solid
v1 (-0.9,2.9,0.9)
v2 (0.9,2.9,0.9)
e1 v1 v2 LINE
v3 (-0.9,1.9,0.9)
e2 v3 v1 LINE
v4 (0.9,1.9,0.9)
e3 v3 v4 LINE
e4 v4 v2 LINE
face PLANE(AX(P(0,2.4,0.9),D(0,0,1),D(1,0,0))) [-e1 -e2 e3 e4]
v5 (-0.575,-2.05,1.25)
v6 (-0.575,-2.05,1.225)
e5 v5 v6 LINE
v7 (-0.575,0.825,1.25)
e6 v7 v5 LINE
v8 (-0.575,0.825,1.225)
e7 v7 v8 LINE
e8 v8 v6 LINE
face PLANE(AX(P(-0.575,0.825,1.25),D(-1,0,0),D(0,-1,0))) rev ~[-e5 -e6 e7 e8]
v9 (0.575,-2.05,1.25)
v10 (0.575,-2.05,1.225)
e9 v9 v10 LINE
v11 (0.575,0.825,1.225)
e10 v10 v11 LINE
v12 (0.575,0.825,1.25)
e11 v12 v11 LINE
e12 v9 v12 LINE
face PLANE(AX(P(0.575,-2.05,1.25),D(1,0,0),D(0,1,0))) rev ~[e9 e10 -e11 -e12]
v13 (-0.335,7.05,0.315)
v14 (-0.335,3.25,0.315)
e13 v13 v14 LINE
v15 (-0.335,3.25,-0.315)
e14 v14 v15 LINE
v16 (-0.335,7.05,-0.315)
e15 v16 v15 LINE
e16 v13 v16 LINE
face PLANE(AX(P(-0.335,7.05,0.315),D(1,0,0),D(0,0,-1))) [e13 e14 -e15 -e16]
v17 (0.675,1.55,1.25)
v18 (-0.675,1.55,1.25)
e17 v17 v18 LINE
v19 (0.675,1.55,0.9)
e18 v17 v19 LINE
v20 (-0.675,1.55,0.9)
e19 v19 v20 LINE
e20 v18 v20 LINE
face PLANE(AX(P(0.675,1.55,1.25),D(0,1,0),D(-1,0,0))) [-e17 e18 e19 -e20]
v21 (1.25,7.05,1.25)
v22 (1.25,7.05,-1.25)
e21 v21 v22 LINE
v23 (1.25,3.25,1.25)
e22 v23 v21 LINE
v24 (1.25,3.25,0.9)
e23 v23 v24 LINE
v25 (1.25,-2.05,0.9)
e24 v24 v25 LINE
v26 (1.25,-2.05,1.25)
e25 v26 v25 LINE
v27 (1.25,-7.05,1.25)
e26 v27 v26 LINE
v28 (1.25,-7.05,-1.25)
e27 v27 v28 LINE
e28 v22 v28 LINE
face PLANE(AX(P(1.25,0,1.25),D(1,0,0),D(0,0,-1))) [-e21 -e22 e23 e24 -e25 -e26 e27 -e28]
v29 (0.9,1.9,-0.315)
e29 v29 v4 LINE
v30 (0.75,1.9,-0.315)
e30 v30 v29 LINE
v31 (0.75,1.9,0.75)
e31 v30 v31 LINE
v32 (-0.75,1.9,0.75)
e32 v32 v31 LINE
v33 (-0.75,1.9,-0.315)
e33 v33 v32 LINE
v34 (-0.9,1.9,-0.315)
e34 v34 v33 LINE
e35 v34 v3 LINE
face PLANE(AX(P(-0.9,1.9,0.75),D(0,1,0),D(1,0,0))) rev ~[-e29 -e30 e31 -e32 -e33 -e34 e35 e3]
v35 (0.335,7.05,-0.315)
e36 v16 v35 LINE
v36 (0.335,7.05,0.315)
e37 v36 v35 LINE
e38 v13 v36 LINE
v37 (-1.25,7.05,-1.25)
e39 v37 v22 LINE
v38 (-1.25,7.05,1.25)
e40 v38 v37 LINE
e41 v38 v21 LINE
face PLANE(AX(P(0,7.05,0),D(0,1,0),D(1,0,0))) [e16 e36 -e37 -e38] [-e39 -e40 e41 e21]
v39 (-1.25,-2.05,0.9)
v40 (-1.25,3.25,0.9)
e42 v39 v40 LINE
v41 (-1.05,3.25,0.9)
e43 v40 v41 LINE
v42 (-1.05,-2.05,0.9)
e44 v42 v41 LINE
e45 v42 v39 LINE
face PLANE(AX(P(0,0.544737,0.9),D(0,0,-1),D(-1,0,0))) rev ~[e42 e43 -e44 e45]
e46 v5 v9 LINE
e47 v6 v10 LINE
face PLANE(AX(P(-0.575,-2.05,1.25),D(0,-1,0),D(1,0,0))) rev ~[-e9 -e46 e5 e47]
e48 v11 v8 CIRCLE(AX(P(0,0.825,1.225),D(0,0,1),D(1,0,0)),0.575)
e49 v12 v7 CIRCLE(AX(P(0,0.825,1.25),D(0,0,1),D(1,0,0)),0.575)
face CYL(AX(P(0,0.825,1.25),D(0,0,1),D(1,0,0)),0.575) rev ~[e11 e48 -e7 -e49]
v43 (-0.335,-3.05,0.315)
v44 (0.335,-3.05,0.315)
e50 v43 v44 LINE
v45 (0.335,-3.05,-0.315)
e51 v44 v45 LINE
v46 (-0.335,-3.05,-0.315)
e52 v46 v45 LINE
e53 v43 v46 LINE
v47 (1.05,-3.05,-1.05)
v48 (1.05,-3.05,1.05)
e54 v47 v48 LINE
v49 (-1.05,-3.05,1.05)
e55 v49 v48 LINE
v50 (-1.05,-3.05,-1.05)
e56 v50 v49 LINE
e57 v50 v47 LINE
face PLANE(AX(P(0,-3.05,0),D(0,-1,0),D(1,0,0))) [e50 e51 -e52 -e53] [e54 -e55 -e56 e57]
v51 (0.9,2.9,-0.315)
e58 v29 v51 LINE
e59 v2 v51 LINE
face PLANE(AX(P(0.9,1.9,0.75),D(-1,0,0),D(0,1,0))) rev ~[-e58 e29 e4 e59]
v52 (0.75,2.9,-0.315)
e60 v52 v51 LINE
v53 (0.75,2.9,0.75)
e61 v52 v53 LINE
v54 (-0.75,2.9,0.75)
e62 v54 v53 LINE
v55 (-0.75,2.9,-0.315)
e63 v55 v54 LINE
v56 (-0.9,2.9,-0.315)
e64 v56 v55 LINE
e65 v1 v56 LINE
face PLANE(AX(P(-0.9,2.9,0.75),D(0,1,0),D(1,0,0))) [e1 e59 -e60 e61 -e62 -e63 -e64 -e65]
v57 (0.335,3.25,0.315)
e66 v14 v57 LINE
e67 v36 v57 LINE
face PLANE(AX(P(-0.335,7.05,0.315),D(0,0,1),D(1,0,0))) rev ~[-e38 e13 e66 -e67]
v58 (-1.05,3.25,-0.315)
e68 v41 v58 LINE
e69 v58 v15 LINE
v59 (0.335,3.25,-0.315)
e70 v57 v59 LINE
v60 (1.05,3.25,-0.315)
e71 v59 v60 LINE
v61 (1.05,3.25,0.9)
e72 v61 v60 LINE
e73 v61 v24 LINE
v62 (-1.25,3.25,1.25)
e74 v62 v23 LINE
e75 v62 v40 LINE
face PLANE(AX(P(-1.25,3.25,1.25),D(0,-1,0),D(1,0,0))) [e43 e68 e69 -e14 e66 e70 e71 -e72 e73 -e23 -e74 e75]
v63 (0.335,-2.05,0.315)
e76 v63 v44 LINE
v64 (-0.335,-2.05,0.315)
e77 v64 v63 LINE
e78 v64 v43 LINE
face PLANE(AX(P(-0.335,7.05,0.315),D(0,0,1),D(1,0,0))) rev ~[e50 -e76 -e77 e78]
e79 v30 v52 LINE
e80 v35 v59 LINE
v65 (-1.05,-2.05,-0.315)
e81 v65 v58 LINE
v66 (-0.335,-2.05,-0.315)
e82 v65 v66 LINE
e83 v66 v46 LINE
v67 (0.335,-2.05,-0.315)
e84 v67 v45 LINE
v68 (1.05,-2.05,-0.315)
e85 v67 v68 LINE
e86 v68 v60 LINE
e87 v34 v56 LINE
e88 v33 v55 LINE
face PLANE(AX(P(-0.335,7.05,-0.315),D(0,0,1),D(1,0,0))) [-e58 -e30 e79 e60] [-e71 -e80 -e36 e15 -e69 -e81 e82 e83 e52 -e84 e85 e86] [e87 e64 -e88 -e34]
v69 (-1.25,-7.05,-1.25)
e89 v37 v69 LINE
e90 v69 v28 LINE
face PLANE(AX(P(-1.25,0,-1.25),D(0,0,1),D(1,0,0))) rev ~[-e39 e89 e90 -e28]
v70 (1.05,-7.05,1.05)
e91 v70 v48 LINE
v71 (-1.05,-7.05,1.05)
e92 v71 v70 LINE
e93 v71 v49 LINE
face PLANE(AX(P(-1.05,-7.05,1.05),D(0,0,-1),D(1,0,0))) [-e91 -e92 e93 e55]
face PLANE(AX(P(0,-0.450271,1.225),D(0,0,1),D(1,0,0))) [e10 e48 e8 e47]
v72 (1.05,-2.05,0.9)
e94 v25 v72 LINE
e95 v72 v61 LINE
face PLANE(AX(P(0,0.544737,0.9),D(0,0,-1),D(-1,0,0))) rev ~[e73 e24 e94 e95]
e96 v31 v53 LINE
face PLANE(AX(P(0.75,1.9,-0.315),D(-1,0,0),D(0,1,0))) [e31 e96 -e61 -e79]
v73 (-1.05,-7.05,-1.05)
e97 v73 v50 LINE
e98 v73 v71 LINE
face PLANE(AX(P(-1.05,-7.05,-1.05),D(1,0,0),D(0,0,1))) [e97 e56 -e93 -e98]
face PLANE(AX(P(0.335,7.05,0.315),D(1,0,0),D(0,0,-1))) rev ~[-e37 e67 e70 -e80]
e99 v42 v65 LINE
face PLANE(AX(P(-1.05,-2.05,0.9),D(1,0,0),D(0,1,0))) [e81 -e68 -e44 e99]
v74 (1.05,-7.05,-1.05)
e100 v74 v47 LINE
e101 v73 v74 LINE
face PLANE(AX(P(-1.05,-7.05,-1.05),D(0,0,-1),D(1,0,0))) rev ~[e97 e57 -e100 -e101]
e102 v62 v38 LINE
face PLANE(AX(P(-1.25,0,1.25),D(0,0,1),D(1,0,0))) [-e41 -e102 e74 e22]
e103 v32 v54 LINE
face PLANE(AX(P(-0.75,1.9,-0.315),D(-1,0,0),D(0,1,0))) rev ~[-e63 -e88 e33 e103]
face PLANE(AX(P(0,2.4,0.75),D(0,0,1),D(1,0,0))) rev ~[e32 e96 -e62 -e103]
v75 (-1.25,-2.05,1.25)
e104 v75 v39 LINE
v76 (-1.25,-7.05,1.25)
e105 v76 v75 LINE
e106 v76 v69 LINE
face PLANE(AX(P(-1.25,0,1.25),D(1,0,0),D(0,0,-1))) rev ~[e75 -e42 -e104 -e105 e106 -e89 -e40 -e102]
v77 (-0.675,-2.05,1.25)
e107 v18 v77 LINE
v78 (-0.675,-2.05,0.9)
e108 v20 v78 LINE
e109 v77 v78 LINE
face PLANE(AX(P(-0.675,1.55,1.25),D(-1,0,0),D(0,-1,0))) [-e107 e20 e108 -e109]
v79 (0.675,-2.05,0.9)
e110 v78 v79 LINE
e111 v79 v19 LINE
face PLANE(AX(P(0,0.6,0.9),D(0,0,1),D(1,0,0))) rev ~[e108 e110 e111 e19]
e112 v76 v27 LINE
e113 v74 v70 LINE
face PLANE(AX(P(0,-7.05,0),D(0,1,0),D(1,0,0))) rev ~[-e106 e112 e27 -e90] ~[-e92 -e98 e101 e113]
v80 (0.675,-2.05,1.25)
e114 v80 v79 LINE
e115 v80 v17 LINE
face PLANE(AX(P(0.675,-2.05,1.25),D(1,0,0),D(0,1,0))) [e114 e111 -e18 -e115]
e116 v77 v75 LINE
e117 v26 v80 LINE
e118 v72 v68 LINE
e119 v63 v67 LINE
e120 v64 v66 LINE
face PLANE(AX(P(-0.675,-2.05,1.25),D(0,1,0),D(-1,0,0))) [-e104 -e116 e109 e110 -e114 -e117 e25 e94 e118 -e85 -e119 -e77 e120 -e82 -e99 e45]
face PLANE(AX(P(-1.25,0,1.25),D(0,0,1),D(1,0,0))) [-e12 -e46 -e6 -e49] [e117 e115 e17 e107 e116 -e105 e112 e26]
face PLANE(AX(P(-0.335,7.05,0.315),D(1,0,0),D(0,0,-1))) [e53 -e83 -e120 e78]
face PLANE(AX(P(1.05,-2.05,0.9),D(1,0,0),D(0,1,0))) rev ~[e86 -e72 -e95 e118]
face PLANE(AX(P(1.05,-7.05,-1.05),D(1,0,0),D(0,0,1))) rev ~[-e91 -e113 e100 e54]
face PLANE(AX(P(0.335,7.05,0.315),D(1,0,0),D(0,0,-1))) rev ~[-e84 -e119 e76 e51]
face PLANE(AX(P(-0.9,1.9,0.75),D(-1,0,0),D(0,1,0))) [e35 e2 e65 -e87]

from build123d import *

# Parameters (mm, degrees)
SKETCH2_W           = 2.5
SKETCH2_H           = 2.5
BOSS_EXTRUDE1_DEPTH = 7.05
PINHOLE_REACH       = 16.1
SKETCH3_W           = 0.67
SKETCH3_H           = 0.63
CUT_EXTRUDE2_DEPTH  = 0.35
SKETCH5_W           = 2.1
SKETCH5_H           = 5.3
CUT_EXTRUDE3_DEPTH  = 1.215
CUT_EXTRUDE5_DEPTH  = 0.025
SKETCH7_W           = 2.1
SKETCH7_H           = 2.1
CUT_EXTRUDE6_DEPTH  = 4
SKETCH9_W           = 0.15
SKETCH9_H           = 1
HOLDER_1_DEPTH      = 1.065
SKETCH10_W          = 1.8
SKETCH10_H          = 1
HOLDER_2_DEPTH      = 0.15


with BuildPart() as part:
    # Sketch2 → Boss-Extrude1 (new body, symmetric)
    with BuildSketch(Plane(origin=(0, 0, 0), x_dir=(1, 0, 0), z_dir=(0, 1, 0))):
        Rectangle(SKETCH2_W, SKETCH2_H)
    extrude(amount=BOSS_EXTRUDE1_DEPTH, both=True)

    # Sketch3 → Pinhole (cut, up to next)
    with BuildSketch(Plane(origin=(0, 7.05, 0), x_dir=(1, 0, 0), z_dir=(0, 1, 0)), mode=Mode.PRIVATE) as pinhole_sk1:
        Rectangle(SKETCH3_W, SKETCH3_H)
    pinhole_tool1 = extrude(pinhole_sk1.sketch, amount=-PINHOLE_REACH, mode=Mode.PRIVATE) & part.part
    add(pinhole_tool1.solids().sort_by_distance((0, 7.05, 0))[0], mode=Mode.SUBTRACT)

    # Sketch4 → Cut-Extrude2 (cut)
    with BuildSketch(Plane.XY.offset(1.25)):
        Polygon((-1.25, 3.25), (1.25, 3.25), (1.25, -2.05), (0.675, -2.05), (0.675, 1.55), (-0.675, 1.55), (-0.675, -2.05), (-1.25, -2.05), align=None)
    extrude(amount=-CUT_EXTRUDE2_DEPTH, mode=Mode.SUBTRACT)

    # Sketch5 → Cut-Extrude3 (cut)
    with BuildSketch(Plane.XY.offset(0.9)):
        with Locations((0, 0.6)):
            Rectangle(SKETCH5_W, SKETCH5_H)
    extrude(amount=-CUT_EXTRUDE3_DEPTH, mode=Mode.SUBTRACT)

    # Sketch6 → Cut-Extrude5 (cut)
    with BuildSketch(Plane.XY.offset(1.25)):
        with BuildLine():
            Line((-0.575, 0.825), (-0.575, -2.05))
            Line((-0.575, -2.05), (0.575, -2.05))
            Line((0.575, -2.05), (0.575, 0.825))
            ThreePointArc((0.575, 0.825), (0, 1.4), (-0.575, 0.825))
        make_face()
    extrude(amount=-CUT_EXTRUDE5_DEPTH, mode=Mode.SUBTRACT)

    # Sketch7 → Cut-Extrude6 (cut)
    with BuildSketch(Plane.XZ.offset(7.05)):
        Rectangle(SKETCH7_W, SKETCH7_H)
    extrude(amount=-CUT_EXTRUDE6_DEPTH, mode=Mode.SUBTRACT)

    # Sketch9 → Holder-1 (add)
    with BuildSketch(Plane.XY.offset(-0.315)):
        with Locations((-0.825, 2.4)):
            Rectangle(SKETCH9_W, SKETCH9_H)
        with Locations((0.825, 2.4)):
            Rectangle(SKETCH9_W, SKETCH9_H)
    extrude(amount=HOLDER_1_DEPTH)

    # Sketch10 → Holder-2 (add)
    with BuildSketch(Plane.XY.offset(0.75)):
        with Locations((0, 2.4)):
            Rectangle(SKETCH10_W, SKETCH10_H)
    extrude(amount=HOLDER_2_DEPTH)


solid = part.part
